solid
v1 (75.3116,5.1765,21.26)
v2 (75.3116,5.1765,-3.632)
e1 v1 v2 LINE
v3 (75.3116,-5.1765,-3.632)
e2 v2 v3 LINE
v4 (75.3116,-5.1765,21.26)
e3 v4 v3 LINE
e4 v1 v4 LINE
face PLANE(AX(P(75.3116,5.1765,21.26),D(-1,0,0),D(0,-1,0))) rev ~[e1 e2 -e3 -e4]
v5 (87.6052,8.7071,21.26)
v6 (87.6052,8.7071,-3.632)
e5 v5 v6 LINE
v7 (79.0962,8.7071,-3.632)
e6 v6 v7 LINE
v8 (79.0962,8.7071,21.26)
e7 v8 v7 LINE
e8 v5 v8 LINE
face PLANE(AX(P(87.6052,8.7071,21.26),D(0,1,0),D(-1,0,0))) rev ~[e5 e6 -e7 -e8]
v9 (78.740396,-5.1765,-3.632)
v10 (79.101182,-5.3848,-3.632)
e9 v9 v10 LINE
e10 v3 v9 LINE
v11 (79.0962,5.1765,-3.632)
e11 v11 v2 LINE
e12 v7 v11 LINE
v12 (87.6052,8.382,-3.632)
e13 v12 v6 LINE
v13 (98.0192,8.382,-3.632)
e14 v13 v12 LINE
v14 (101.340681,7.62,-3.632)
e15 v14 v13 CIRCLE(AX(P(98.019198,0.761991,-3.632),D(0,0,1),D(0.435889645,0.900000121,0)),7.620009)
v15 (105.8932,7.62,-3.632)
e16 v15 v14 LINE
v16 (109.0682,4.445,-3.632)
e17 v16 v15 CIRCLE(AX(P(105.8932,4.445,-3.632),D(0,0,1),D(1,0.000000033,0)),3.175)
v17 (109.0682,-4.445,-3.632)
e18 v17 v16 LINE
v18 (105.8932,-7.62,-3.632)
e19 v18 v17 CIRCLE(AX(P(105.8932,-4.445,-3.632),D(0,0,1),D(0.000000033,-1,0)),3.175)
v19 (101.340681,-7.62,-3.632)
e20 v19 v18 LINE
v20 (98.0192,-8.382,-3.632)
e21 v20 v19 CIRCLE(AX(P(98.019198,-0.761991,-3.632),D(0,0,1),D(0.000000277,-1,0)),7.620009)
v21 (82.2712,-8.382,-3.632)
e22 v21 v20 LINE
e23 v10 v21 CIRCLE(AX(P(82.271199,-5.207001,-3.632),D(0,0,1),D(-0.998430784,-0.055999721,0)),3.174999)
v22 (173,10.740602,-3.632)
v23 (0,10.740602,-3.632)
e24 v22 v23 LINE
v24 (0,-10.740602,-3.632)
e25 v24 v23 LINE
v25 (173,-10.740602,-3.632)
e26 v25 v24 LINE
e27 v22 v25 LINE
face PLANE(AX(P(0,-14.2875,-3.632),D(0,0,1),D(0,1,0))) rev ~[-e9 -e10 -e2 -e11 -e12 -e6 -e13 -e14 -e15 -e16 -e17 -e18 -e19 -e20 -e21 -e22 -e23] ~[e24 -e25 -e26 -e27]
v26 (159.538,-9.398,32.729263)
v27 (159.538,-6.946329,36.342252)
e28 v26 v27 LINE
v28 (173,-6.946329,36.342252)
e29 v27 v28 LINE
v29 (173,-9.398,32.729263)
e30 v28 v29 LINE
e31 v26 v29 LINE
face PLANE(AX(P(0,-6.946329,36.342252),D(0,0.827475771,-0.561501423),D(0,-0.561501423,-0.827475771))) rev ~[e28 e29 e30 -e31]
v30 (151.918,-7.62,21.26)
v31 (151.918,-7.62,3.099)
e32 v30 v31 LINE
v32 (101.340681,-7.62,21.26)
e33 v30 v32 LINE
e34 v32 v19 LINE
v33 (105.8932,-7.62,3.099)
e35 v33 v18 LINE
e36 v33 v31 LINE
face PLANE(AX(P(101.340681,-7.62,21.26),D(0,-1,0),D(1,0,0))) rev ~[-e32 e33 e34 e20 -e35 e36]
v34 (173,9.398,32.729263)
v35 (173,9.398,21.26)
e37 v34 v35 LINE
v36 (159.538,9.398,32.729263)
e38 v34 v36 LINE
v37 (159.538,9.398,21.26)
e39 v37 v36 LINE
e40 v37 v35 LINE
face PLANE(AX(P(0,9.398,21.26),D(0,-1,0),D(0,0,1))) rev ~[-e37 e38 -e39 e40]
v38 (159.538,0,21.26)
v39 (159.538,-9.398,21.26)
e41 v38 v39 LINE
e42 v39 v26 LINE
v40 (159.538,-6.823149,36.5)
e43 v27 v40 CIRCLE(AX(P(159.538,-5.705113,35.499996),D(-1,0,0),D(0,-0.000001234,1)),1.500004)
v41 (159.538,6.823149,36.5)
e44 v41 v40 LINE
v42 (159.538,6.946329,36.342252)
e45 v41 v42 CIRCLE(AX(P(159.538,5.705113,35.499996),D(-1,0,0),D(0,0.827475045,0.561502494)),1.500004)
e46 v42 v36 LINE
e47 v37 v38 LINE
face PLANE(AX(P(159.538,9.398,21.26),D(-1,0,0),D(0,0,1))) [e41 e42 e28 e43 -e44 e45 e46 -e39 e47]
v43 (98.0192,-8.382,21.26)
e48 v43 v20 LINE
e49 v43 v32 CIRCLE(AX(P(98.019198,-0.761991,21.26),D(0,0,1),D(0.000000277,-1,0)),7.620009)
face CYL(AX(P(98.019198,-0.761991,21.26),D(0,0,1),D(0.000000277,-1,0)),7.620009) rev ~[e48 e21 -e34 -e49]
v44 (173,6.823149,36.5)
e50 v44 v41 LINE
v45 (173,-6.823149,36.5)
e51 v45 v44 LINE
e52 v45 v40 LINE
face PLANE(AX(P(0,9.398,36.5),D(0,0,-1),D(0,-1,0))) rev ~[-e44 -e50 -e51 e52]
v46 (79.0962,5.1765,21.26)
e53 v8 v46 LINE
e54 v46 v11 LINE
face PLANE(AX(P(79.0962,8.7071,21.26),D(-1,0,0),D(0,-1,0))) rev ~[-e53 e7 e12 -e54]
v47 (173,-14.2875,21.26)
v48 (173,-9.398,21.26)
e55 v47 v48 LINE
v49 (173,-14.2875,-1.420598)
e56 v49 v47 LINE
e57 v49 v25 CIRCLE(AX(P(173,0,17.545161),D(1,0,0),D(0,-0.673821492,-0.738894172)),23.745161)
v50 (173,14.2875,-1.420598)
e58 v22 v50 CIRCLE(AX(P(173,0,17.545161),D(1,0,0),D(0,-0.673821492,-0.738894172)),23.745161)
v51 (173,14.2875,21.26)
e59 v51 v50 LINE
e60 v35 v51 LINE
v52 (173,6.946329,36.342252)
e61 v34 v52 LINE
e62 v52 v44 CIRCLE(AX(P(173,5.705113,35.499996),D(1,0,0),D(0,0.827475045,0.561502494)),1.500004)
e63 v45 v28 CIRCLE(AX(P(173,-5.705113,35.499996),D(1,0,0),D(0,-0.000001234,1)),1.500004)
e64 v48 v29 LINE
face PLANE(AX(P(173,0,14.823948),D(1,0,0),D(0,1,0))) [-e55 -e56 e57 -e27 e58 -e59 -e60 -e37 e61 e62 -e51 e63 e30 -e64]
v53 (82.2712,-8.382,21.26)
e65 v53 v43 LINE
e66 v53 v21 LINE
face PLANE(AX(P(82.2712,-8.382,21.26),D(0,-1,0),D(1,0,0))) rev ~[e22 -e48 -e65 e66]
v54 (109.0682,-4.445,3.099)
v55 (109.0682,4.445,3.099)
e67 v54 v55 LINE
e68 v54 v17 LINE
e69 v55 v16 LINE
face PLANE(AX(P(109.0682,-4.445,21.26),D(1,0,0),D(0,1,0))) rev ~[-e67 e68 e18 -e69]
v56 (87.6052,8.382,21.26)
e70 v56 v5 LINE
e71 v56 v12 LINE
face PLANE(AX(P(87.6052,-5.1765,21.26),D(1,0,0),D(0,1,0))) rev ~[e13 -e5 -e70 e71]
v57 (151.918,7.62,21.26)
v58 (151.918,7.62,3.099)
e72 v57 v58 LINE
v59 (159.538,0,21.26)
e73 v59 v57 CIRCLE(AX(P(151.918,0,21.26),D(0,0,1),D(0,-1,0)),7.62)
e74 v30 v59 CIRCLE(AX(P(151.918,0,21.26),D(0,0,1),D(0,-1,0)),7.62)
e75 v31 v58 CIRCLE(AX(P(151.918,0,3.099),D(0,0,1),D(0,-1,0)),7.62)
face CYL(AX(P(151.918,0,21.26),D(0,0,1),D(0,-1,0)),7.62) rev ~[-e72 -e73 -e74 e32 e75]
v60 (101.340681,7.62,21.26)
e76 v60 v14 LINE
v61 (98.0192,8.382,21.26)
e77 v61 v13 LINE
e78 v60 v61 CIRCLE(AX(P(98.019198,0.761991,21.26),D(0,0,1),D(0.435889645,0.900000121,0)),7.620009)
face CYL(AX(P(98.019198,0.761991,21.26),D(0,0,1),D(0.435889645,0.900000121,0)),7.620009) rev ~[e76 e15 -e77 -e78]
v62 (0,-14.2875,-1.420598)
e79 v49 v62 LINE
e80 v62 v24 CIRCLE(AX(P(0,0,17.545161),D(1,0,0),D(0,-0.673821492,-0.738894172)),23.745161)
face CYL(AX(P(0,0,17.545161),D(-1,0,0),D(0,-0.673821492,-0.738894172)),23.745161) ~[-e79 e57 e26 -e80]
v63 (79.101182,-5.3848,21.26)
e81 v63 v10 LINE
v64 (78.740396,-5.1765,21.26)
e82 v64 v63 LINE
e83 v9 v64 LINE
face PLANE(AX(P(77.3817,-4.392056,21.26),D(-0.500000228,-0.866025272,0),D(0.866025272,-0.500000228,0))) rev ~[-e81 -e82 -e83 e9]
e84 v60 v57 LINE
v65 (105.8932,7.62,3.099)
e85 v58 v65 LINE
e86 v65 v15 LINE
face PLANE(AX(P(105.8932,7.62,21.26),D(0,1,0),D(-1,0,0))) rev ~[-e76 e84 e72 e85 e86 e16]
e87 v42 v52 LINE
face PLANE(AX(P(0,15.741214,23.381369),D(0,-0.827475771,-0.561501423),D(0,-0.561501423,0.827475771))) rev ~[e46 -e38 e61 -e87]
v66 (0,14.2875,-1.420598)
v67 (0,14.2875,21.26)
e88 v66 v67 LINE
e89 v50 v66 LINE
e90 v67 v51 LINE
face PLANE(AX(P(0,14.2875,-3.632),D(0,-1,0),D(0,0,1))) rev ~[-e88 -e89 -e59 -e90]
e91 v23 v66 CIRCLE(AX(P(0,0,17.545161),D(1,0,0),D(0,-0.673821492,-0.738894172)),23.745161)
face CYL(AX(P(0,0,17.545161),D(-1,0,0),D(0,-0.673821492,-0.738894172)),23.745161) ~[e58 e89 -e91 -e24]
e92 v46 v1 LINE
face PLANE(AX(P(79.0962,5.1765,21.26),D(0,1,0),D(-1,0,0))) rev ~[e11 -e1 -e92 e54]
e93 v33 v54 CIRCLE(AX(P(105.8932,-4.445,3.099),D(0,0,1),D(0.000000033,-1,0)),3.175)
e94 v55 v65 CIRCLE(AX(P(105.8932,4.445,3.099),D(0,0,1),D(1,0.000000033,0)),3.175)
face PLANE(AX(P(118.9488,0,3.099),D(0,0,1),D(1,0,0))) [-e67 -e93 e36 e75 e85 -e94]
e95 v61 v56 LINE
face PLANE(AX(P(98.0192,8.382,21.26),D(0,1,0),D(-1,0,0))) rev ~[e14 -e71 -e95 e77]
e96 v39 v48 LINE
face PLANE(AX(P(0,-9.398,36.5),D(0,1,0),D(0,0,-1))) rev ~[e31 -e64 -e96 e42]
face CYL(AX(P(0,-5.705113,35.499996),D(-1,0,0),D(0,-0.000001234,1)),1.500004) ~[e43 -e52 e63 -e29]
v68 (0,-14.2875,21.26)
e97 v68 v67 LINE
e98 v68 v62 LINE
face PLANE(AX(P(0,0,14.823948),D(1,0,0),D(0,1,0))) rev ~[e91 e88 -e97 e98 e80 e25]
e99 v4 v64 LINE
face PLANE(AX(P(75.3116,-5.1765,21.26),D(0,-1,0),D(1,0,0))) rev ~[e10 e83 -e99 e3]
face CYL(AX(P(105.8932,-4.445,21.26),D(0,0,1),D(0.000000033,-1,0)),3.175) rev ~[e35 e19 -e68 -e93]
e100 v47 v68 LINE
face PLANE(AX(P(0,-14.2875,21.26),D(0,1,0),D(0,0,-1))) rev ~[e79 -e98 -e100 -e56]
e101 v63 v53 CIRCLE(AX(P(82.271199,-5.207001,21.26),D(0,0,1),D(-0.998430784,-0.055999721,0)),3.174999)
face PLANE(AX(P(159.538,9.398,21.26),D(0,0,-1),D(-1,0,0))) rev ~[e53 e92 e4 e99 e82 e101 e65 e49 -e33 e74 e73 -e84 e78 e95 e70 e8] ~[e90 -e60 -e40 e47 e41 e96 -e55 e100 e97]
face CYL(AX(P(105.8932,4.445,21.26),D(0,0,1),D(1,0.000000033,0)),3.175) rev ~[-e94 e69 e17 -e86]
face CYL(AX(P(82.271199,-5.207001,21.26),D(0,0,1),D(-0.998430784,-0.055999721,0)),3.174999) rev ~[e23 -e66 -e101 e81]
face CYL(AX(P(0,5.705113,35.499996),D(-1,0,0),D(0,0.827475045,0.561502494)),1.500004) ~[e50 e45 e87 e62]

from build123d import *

# Parameters (mm, degrees)
F1_DEPTH  = 173
F3_DEPTH  = 173.001
F5_DEPTH  = 173.001
F6_W      = 159.538
F6_H      = 15.24
F7_DEPTH  = 23.6865
F9_DEPTH  = 18.161
F11_DEPTH = 24.893
F13_DEPTH = 24.893


with BuildPart() as f1:
    # F0 (on Right) → F1 (new body)
    with BuildSketch(Plane.YZ):
        with BuildLine():
            ThreePointArc((-16, 0), (0, -6.2), (16, 0))
            Line((16, 0), (16, 22.539117))
            ThreePointArc((16, 22.539117), (15.933845, 22.979673), (15.741214, 23.381369))
            Line((15.741214, 23.381369), (6.946329, 36.342252))
            ThreePointArc((6.946329, 36.342252), (6.407476, 36.825401), (5.705115, 37))
            Line((5.705115, 37), (-5.705115, 37))
            ThreePointArc((-5.705115, 37), (-6.407476, 36.825401), (-6.946329, 36.342252))
            Line((-6.946329, 36.342252), (-15.741214, 23.381369))
            ThreePointArc((-15.741214, 23.381369), (-15.933845, 22.979673), (-16, 22.539117))
            Line((-16, 22.539117), (-16, 0))
        make_face()
    extrude(amount=F1_DEPTH)

    # F2 (on face) → F3 (cut, through all)
    with BuildSketch(Plane(origin=(0, 0, 0), x_dir=(0, -1, 0), z_dir=(-1, 0, 0))):
        Polygon((-16, 21.26), (-9.398, 21.26), (-9.398, 36.5), (9.398, 36.5), (9.398, 21.26), (16, 21.26), (16, 39.197723), (-16, 39.197723), align=None)
    extrude(amount=-F3_DEPTH, mode=Mode.SUBTRACT)

    # F4 (on face) → F5 (cut, through all)
    with BuildSketch(Plane(origin=(0, 0, 0), x_dir=(0, -1, 0), z_dir=(-1, 0, 0))):
        Polygon((-14.2875, 21.26), (-16, 21.26), (-16, -10.530328), (16, -10.530328), (16, 21.26), (14.2875, 21.26), (14.2875, -3.632), (-14.2875, -3.632), align=None)
    extrude(amount=-F5_DEPTH, mode=Mode.SUBTRACT)

    # F6 (on face) → F7 (cut, through all)
    with BuildSketch(Plane(origin=(0, 9.398, 0), x_dir=(-1, 0, 0), z_dir=(0, 1, 0))):
        with Locations((-79.769, 28.88)):
            Rectangle(F6_W, F6_H)
    extrude(amount=-F7_DEPTH, mode=Mode.SUBTRACT)

    # F8 (on face) → F9 (cut)
    with BuildSketch(Plane.XY.offset(21.26)):
        with BuildLine():
            Line((85.9796, -7.62), (151.918, -7.62))
            ThreePointArc((151.918, -7.62), (159.538, 0), (151.918, 7.62))
            Line((151.918, 7.62), (85.9796, 7.62))
            ThreePointArc((85.9796, 7.62), (78.3596, 0), (85.9796, -7.62))
        make_face()
    extrude(amount=-F9_DEPTH, mode=Mode.SUBTRACT)

    # F10 (on face) → F11 (cut, through all)
    with BuildSketch(Plane.XY.offset(21.26)):
        with BuildLine():
            Line((109.0682, -4.445), (109.0682, 4.445))
            ThreePointArc((109.0682, 4.445), (108.138264, 6.690064), (105.8932, 7.62))
            Line((105.8932, 7.62), (101.340681, 7.62))
            ThreePointArc((101.340681, 7.62), (99.723084, 8.189057), (98.0192, 8.382))
            Line((98.0192, 8.382), (79.8582, 8.382))
            Line((79.8582, 8.382), (79.8582, 5))
            Line((79.8582, 5), (75.7942, 5))
            Line((75.7942, 5), (75.7942, -1.642426))
            ThreePointArc((75.7942, -1.642426), (76.219569, -3.229926), (77.3817, -4.392056))
            Line((77.3817, -4.392056), (79.101182, -5.3848))
            ThreePointArc((79.101182, -5.3848), (80.089903, -7.51407), (82.2712, -8.382))
            Line((82.2712, -8.382), (98.0192, -8.382))
            ThreePointArc((98.0192, -8.382), (99.723084, -8.189057), (101.340681, -7.62))
            Line((101.340681, -7.62), (105.8932, -7.62))
            ThreePointArc((105.8932, -7.62), (108.138264, -6.690064), (109.0682, -4.445))
        make_face()
    extrude(amount=-F11_DEPTH, mode=Mode.SUBTRACT)

    # F12 (on face) → F13 (cut, through all)
    with BuildSketch(Plane.XY.offset(21.26)):
        Polygon((75.3116, -5.1765), (87.6052, -5.1765), (87.6052, 8.7071), (79.0962, 8.7071), (79.0962, 5.1765), (75.3116, 5.1765), align=None)
    extrude(amount=-F13_DEPTH, mode=Mode.SUBTRACT)


solid = f1.part
